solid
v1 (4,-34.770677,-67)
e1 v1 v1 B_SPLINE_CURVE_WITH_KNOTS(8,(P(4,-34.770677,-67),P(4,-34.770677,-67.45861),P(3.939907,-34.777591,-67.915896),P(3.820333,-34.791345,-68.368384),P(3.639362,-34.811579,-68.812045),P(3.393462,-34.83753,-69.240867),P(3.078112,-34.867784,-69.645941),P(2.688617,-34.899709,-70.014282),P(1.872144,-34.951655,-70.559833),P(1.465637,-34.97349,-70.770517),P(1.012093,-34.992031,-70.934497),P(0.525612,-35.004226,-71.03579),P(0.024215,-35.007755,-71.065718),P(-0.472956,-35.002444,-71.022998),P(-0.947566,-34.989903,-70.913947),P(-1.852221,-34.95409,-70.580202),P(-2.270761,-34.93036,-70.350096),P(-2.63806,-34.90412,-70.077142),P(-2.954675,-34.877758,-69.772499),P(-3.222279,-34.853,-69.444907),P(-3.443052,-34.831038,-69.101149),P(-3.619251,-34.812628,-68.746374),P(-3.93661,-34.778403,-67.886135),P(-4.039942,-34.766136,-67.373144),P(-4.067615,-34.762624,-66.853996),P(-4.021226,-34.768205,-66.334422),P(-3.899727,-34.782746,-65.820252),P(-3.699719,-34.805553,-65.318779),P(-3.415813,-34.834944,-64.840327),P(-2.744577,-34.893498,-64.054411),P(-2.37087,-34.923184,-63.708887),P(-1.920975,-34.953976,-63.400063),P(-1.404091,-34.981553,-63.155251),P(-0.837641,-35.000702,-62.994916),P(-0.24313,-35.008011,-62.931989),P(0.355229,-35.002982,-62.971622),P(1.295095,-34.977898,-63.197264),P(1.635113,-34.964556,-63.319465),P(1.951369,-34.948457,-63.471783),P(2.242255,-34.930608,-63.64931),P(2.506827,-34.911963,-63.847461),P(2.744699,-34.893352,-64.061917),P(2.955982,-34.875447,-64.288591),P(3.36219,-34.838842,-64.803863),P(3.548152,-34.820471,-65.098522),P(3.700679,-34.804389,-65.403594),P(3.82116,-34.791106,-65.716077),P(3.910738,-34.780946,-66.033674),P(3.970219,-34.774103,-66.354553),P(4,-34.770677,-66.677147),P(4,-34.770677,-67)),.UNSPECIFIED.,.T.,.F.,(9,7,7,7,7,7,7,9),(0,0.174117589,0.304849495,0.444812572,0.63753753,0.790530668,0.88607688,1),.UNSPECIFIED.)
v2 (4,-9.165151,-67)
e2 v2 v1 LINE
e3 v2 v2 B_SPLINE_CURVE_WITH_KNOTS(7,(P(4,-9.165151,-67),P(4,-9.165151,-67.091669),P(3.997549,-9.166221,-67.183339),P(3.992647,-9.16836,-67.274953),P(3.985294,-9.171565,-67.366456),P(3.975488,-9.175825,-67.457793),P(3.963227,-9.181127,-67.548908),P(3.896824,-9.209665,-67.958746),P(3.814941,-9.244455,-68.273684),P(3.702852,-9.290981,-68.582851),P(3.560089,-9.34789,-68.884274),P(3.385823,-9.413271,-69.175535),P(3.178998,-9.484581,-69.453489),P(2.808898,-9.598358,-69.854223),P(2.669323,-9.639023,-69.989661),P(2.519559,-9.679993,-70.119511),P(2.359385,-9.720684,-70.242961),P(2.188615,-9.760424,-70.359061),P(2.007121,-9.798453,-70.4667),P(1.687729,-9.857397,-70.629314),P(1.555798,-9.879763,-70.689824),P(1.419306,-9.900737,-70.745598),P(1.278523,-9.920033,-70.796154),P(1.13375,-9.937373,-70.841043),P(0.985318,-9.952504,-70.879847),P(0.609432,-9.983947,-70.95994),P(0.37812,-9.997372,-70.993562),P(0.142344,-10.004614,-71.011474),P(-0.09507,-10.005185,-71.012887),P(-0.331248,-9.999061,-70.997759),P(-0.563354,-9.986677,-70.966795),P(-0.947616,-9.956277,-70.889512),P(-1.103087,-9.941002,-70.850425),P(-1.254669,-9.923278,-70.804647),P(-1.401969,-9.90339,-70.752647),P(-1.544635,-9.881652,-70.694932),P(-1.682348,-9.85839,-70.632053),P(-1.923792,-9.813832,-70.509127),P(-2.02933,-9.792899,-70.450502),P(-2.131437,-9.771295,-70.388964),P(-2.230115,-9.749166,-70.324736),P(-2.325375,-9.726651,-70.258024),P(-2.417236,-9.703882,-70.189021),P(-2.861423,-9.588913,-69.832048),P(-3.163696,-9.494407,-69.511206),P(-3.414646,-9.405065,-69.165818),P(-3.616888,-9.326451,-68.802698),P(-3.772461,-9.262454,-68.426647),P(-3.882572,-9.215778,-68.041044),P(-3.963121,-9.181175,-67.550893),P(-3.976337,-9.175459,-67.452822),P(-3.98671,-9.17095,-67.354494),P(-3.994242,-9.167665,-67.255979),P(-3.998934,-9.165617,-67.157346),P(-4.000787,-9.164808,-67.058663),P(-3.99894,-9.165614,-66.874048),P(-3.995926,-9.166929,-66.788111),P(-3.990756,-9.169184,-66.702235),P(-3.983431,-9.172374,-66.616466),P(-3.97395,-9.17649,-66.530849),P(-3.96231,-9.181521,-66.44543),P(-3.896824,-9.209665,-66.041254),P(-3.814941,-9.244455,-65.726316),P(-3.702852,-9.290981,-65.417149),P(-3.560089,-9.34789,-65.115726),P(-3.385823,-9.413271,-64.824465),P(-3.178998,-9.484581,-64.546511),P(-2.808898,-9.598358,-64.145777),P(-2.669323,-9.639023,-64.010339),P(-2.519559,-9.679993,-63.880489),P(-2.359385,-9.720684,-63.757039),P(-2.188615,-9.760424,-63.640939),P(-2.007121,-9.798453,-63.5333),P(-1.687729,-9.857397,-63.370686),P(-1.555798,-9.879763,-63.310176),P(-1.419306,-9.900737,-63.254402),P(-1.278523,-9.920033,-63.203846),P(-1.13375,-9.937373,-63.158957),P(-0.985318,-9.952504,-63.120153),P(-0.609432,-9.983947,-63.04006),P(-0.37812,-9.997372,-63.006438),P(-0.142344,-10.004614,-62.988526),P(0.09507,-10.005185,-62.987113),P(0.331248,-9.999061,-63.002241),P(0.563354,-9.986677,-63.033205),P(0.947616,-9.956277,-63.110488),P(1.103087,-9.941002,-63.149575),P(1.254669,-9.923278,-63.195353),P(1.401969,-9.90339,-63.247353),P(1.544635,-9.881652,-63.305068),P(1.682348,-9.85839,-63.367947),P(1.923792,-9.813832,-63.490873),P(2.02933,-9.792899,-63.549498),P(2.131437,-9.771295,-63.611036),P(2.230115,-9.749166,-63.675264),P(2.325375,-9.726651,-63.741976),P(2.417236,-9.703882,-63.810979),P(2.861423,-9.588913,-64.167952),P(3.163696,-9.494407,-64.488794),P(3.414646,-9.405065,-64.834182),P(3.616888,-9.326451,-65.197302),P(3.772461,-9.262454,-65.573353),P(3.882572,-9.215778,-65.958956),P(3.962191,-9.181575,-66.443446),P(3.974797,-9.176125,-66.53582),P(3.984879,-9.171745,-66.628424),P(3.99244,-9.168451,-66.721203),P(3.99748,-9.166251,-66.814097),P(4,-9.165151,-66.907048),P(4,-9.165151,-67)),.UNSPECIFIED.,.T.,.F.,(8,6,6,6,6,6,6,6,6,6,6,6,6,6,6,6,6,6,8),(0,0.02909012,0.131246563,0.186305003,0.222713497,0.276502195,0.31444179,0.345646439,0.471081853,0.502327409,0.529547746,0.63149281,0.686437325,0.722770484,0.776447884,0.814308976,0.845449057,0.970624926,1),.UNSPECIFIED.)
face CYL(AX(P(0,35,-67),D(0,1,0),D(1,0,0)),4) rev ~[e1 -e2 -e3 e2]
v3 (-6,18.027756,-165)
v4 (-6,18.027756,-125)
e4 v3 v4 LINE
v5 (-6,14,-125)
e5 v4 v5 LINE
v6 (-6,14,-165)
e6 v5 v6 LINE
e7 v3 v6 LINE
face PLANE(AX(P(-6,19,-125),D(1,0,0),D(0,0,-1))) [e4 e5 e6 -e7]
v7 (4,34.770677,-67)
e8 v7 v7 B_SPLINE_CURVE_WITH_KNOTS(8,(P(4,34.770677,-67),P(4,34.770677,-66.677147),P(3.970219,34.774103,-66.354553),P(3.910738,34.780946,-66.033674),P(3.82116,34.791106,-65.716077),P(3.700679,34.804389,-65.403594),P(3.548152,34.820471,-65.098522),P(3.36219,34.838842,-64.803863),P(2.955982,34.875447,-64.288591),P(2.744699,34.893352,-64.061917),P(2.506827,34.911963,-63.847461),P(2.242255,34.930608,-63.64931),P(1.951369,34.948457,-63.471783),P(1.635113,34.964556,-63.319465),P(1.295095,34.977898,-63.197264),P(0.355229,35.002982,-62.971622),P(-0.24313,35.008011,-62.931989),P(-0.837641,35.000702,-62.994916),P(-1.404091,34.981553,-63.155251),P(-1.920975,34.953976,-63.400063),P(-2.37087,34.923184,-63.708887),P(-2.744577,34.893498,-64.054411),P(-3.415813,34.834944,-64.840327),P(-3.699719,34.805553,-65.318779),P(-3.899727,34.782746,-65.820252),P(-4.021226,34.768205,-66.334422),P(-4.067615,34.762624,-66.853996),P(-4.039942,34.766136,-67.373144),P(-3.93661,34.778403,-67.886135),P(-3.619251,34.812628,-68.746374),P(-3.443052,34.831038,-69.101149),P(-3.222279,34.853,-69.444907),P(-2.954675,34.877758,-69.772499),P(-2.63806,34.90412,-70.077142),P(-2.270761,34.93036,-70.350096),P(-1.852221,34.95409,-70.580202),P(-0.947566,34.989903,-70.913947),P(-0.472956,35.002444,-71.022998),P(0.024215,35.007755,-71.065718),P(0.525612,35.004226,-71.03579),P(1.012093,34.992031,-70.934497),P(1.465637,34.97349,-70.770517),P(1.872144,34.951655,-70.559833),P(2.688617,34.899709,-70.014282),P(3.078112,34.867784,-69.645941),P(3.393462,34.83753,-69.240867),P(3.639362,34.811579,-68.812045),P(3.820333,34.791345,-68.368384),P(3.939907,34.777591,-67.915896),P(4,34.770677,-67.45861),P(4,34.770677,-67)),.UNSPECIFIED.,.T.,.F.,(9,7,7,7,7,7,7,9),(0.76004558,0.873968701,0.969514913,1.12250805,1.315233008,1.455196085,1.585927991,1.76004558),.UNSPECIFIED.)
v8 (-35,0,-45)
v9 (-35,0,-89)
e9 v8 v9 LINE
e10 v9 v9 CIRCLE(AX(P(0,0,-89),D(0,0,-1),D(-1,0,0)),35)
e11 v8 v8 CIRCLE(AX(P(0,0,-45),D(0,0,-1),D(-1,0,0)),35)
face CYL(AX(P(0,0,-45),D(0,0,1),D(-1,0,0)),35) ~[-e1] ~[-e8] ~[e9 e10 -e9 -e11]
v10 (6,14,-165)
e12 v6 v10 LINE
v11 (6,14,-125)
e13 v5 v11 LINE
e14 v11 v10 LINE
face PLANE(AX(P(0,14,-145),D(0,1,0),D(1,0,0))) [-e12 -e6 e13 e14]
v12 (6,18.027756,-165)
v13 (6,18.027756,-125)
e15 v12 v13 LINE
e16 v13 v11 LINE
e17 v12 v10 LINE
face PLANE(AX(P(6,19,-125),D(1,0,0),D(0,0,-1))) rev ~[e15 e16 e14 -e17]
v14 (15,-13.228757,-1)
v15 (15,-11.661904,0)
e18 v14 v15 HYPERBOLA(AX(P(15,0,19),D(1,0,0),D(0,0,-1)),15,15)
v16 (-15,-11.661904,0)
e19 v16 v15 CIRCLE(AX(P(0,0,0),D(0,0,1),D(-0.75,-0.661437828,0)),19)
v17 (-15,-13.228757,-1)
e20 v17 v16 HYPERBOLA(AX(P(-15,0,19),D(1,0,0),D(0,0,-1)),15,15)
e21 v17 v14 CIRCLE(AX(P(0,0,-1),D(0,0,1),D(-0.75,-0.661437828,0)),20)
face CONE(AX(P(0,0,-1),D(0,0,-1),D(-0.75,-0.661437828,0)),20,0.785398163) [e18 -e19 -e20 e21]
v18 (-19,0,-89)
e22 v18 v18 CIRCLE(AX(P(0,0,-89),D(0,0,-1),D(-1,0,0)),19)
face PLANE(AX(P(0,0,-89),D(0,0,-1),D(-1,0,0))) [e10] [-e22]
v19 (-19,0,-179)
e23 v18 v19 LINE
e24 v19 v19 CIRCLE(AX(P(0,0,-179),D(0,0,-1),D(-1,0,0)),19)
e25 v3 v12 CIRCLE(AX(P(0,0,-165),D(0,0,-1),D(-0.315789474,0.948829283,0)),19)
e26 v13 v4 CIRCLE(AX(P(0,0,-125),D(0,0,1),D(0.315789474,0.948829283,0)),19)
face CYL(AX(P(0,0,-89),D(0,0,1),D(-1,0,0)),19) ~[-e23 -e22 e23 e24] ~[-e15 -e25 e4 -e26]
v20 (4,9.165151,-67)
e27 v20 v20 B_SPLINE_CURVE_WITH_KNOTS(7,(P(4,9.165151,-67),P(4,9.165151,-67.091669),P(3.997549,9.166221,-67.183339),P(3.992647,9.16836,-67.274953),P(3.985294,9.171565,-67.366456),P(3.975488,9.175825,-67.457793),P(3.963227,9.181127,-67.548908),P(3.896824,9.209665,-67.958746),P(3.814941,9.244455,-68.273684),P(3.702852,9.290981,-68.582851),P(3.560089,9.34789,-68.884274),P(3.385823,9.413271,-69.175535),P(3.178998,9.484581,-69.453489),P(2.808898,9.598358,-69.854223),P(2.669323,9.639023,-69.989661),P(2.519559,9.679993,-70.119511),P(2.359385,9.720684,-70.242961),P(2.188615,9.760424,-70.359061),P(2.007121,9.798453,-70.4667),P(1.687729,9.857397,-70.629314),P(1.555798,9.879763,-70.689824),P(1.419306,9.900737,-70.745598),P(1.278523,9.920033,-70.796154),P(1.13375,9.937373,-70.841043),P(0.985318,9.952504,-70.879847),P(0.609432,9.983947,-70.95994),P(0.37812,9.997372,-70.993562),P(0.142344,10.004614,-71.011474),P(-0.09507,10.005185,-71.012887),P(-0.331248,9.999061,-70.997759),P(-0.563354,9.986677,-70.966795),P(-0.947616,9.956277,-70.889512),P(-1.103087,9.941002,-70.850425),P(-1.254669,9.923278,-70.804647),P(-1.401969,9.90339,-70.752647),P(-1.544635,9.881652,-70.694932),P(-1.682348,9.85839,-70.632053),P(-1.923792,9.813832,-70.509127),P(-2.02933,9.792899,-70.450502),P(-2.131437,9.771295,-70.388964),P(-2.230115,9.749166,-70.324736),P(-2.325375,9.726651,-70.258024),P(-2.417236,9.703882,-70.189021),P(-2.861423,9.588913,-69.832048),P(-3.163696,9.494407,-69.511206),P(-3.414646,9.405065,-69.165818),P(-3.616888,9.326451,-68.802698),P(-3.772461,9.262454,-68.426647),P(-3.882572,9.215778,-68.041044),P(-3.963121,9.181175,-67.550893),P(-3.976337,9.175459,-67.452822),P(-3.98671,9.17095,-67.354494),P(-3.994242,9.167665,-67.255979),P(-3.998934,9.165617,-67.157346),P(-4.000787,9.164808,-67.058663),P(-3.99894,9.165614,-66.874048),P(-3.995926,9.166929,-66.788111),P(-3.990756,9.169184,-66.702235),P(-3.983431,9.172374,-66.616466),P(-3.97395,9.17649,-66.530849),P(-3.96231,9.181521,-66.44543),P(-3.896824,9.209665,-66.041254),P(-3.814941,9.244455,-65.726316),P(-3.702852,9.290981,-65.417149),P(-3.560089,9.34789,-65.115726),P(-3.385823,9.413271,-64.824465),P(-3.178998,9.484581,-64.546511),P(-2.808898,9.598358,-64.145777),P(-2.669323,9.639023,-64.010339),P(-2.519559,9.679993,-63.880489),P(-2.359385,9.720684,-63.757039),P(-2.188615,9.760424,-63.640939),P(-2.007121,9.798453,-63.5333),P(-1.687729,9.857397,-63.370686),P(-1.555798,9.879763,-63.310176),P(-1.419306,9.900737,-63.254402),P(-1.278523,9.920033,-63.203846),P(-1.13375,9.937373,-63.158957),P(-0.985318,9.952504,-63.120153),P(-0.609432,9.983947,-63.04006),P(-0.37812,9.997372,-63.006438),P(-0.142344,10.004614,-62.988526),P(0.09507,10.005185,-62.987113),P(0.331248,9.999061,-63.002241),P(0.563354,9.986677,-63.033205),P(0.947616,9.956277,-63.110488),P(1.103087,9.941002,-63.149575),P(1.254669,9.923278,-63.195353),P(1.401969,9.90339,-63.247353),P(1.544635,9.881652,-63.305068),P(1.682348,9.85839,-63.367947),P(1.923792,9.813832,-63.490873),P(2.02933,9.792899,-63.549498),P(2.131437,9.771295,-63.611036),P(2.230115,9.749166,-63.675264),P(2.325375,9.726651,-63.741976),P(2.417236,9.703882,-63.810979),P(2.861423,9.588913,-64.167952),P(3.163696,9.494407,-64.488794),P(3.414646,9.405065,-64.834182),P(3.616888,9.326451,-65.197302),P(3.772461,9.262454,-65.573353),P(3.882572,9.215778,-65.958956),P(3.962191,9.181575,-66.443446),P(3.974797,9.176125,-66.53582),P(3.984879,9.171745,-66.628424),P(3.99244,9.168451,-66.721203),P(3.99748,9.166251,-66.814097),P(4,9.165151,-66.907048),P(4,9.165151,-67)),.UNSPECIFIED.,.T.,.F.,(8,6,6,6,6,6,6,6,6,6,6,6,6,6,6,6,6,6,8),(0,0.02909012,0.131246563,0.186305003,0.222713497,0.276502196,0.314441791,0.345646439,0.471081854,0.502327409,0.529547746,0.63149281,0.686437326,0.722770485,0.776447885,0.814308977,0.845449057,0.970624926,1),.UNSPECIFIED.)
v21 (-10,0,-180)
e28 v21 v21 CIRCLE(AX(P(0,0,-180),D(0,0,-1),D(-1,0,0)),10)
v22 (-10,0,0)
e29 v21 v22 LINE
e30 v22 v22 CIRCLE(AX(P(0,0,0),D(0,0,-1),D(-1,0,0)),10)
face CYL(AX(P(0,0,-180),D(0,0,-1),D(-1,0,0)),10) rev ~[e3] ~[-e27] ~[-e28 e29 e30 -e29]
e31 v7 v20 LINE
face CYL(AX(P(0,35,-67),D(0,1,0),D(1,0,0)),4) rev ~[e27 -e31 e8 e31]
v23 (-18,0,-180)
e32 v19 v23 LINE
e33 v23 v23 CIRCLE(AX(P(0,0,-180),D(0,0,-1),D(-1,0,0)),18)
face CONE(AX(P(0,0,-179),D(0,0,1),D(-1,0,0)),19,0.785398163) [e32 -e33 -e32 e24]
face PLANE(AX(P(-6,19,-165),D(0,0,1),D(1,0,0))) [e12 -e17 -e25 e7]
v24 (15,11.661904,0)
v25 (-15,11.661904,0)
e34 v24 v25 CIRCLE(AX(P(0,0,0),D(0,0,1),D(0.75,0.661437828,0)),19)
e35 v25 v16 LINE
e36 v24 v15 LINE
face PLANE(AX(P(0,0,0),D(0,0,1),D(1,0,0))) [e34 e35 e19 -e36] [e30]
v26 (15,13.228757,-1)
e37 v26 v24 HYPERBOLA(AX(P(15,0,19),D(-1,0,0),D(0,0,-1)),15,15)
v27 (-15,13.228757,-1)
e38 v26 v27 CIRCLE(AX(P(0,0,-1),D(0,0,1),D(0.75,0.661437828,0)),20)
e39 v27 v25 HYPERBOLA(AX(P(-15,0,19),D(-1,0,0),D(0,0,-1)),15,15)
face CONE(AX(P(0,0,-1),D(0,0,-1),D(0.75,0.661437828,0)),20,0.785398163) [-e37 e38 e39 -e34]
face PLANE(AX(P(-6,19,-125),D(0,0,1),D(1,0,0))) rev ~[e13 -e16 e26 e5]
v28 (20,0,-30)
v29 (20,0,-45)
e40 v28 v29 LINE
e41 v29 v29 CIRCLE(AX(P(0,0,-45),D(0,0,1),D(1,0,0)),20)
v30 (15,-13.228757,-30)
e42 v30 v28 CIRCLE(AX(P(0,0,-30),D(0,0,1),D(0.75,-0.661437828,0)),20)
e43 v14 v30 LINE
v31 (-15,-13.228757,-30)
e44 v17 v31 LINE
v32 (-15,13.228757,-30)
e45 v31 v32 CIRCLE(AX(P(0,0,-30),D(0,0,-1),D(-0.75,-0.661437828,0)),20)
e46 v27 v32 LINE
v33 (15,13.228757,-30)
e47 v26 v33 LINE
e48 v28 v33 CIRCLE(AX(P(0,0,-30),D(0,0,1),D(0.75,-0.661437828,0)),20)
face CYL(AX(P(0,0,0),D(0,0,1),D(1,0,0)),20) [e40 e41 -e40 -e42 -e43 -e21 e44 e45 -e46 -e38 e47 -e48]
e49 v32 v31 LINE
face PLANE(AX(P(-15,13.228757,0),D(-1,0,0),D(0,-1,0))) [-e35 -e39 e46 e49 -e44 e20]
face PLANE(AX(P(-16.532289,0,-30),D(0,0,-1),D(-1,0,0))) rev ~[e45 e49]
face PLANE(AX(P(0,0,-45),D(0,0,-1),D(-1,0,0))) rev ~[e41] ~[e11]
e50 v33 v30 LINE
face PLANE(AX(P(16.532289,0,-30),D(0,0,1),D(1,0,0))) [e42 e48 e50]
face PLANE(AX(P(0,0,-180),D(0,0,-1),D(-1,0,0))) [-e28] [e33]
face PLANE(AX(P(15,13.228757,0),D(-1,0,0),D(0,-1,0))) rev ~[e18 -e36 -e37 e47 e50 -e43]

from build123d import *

# Parameters (mm, degrees)
SKETCH_1_R          = 20
EXTRUDE_1_DEPTH     = 45
SKETCH_3_R          = 35
EXTRUDE_2_DEPTH     = 44
SKETCH_4_R          = 19
EXTRUDE_3_DEPTH     = 91
SKETCH_5_R          = 4
CUT_EXTRUDE_1_DEPTH = 91
SKETCH_6_R          = 10
CUT_EXTRUDE_2_DEPTH = 180
CUT_EXTRUDE_3_DEPTH = 30
CHAMFER_1_SIZE      = 1
SKETCH_8_W          = 12
SKETCH_8_H          = 40
CUT_EXTRUDE_4_DEPTH = 5


with BuildPart() as part:
    # Эскиз1 → Бобышка-Вытянуть1 (new body)
    with BuildSketch(Plane.XY):
        Circle(SKETCH_1_R)
    extrude(amount=-EXTRUDE_1_DEPTH)

    # Эскиз3 → Бобышка-Вытянуть2 (add)
    with BuildSketch(Plane(origin=(0, 0, -45), x_dir=(-1, 0, 0), z_dir=(0, 0, -1))):
        Circle(SKETCH_3_R)
    extrude(amount=EXTRUDE_2_DEPTH)

    # Эскиз4 → Бобышка-Вытянуть3 (add)
    with BuildSketch(Plane(origin=(0, 0, -89), x_dir=(-1, 0, 0), z_dir=(0, 0, -1))):
        Circle(SKETCH_4_R)
    extrude(amount=EXTRUDE_3_DEPTH)

    # Эскиз5 → Вырез-Вытянуть1 (cut)
    with BuildSketch(Plane(origin=(0, 35, 0), x_dir=(1, 0, 0), z_dir=(0, 1, 0))):
        with Locations((0, 67)):
            Circle(SKETCH_5_R)
    extrude(amount=-CUT_EXTRUDE_1_DEPTH, mode=Mode.SUBTRACT)

    # Эскиз6 → Вырез-Вытянуть2 (cut)
    with BuildSketch(Plane(origin=(0, 0, -180), x_dir=(-1, 0, 0), z_dir=(0, 0, -1))):
        Circle(SKETCH_6_R)
    extrude(amount=-CUT_EXTRUDE_2_DEPTH, mode=Mode.SUBTRACT)

    # Эскиз7 → Вырез-Вытянуть3 (cut)
    with BuildSketch(Plane.XY):
        with BuildLine():
            Line((-15, 13.228756555), (-15, -13.228756555))
            ThreePointArc((-15, -13.228756555), (-20, 0), (-15, 13.228756555))
        make_face()
        with BuildLine():
            Line((15, 13.228756555), (15, -13.228756555))
            ThreePointArc((15, -13.228756555), (20, 0), (15, 13.228756555))
        make_face()
    extrude(amount=-CUT_EXTRUDE_3_DEPTH, mode=Mode.SUBTRACT)

    # Фаска1
    chamfer_1_edges = [part.edges().sort_by_distance(p)[0] for p in [
        (19, 0, -180),
        (0, 20, 0),
        (0, -20, 0),
    ]]
    chamfer(chamfer_1_edges, length=CHAMFER_1_SIZE)

    # Эскиз8 → Вырез-Вытянуть4 (cut)
    with BuildSketch(Plane(origin=(0, 19, 0), x_dir=(1, 0, 0), z_dir=(0, 1, 0))):
        with Locations((0, 145)):
            Rectangle(SKETCH_8_W, SKETCH_8_H)
    extrude(amount=-CUT_EXTRUDE_4_DEPTH, mode=Mode.SUBTRACT)


solid = part.part
